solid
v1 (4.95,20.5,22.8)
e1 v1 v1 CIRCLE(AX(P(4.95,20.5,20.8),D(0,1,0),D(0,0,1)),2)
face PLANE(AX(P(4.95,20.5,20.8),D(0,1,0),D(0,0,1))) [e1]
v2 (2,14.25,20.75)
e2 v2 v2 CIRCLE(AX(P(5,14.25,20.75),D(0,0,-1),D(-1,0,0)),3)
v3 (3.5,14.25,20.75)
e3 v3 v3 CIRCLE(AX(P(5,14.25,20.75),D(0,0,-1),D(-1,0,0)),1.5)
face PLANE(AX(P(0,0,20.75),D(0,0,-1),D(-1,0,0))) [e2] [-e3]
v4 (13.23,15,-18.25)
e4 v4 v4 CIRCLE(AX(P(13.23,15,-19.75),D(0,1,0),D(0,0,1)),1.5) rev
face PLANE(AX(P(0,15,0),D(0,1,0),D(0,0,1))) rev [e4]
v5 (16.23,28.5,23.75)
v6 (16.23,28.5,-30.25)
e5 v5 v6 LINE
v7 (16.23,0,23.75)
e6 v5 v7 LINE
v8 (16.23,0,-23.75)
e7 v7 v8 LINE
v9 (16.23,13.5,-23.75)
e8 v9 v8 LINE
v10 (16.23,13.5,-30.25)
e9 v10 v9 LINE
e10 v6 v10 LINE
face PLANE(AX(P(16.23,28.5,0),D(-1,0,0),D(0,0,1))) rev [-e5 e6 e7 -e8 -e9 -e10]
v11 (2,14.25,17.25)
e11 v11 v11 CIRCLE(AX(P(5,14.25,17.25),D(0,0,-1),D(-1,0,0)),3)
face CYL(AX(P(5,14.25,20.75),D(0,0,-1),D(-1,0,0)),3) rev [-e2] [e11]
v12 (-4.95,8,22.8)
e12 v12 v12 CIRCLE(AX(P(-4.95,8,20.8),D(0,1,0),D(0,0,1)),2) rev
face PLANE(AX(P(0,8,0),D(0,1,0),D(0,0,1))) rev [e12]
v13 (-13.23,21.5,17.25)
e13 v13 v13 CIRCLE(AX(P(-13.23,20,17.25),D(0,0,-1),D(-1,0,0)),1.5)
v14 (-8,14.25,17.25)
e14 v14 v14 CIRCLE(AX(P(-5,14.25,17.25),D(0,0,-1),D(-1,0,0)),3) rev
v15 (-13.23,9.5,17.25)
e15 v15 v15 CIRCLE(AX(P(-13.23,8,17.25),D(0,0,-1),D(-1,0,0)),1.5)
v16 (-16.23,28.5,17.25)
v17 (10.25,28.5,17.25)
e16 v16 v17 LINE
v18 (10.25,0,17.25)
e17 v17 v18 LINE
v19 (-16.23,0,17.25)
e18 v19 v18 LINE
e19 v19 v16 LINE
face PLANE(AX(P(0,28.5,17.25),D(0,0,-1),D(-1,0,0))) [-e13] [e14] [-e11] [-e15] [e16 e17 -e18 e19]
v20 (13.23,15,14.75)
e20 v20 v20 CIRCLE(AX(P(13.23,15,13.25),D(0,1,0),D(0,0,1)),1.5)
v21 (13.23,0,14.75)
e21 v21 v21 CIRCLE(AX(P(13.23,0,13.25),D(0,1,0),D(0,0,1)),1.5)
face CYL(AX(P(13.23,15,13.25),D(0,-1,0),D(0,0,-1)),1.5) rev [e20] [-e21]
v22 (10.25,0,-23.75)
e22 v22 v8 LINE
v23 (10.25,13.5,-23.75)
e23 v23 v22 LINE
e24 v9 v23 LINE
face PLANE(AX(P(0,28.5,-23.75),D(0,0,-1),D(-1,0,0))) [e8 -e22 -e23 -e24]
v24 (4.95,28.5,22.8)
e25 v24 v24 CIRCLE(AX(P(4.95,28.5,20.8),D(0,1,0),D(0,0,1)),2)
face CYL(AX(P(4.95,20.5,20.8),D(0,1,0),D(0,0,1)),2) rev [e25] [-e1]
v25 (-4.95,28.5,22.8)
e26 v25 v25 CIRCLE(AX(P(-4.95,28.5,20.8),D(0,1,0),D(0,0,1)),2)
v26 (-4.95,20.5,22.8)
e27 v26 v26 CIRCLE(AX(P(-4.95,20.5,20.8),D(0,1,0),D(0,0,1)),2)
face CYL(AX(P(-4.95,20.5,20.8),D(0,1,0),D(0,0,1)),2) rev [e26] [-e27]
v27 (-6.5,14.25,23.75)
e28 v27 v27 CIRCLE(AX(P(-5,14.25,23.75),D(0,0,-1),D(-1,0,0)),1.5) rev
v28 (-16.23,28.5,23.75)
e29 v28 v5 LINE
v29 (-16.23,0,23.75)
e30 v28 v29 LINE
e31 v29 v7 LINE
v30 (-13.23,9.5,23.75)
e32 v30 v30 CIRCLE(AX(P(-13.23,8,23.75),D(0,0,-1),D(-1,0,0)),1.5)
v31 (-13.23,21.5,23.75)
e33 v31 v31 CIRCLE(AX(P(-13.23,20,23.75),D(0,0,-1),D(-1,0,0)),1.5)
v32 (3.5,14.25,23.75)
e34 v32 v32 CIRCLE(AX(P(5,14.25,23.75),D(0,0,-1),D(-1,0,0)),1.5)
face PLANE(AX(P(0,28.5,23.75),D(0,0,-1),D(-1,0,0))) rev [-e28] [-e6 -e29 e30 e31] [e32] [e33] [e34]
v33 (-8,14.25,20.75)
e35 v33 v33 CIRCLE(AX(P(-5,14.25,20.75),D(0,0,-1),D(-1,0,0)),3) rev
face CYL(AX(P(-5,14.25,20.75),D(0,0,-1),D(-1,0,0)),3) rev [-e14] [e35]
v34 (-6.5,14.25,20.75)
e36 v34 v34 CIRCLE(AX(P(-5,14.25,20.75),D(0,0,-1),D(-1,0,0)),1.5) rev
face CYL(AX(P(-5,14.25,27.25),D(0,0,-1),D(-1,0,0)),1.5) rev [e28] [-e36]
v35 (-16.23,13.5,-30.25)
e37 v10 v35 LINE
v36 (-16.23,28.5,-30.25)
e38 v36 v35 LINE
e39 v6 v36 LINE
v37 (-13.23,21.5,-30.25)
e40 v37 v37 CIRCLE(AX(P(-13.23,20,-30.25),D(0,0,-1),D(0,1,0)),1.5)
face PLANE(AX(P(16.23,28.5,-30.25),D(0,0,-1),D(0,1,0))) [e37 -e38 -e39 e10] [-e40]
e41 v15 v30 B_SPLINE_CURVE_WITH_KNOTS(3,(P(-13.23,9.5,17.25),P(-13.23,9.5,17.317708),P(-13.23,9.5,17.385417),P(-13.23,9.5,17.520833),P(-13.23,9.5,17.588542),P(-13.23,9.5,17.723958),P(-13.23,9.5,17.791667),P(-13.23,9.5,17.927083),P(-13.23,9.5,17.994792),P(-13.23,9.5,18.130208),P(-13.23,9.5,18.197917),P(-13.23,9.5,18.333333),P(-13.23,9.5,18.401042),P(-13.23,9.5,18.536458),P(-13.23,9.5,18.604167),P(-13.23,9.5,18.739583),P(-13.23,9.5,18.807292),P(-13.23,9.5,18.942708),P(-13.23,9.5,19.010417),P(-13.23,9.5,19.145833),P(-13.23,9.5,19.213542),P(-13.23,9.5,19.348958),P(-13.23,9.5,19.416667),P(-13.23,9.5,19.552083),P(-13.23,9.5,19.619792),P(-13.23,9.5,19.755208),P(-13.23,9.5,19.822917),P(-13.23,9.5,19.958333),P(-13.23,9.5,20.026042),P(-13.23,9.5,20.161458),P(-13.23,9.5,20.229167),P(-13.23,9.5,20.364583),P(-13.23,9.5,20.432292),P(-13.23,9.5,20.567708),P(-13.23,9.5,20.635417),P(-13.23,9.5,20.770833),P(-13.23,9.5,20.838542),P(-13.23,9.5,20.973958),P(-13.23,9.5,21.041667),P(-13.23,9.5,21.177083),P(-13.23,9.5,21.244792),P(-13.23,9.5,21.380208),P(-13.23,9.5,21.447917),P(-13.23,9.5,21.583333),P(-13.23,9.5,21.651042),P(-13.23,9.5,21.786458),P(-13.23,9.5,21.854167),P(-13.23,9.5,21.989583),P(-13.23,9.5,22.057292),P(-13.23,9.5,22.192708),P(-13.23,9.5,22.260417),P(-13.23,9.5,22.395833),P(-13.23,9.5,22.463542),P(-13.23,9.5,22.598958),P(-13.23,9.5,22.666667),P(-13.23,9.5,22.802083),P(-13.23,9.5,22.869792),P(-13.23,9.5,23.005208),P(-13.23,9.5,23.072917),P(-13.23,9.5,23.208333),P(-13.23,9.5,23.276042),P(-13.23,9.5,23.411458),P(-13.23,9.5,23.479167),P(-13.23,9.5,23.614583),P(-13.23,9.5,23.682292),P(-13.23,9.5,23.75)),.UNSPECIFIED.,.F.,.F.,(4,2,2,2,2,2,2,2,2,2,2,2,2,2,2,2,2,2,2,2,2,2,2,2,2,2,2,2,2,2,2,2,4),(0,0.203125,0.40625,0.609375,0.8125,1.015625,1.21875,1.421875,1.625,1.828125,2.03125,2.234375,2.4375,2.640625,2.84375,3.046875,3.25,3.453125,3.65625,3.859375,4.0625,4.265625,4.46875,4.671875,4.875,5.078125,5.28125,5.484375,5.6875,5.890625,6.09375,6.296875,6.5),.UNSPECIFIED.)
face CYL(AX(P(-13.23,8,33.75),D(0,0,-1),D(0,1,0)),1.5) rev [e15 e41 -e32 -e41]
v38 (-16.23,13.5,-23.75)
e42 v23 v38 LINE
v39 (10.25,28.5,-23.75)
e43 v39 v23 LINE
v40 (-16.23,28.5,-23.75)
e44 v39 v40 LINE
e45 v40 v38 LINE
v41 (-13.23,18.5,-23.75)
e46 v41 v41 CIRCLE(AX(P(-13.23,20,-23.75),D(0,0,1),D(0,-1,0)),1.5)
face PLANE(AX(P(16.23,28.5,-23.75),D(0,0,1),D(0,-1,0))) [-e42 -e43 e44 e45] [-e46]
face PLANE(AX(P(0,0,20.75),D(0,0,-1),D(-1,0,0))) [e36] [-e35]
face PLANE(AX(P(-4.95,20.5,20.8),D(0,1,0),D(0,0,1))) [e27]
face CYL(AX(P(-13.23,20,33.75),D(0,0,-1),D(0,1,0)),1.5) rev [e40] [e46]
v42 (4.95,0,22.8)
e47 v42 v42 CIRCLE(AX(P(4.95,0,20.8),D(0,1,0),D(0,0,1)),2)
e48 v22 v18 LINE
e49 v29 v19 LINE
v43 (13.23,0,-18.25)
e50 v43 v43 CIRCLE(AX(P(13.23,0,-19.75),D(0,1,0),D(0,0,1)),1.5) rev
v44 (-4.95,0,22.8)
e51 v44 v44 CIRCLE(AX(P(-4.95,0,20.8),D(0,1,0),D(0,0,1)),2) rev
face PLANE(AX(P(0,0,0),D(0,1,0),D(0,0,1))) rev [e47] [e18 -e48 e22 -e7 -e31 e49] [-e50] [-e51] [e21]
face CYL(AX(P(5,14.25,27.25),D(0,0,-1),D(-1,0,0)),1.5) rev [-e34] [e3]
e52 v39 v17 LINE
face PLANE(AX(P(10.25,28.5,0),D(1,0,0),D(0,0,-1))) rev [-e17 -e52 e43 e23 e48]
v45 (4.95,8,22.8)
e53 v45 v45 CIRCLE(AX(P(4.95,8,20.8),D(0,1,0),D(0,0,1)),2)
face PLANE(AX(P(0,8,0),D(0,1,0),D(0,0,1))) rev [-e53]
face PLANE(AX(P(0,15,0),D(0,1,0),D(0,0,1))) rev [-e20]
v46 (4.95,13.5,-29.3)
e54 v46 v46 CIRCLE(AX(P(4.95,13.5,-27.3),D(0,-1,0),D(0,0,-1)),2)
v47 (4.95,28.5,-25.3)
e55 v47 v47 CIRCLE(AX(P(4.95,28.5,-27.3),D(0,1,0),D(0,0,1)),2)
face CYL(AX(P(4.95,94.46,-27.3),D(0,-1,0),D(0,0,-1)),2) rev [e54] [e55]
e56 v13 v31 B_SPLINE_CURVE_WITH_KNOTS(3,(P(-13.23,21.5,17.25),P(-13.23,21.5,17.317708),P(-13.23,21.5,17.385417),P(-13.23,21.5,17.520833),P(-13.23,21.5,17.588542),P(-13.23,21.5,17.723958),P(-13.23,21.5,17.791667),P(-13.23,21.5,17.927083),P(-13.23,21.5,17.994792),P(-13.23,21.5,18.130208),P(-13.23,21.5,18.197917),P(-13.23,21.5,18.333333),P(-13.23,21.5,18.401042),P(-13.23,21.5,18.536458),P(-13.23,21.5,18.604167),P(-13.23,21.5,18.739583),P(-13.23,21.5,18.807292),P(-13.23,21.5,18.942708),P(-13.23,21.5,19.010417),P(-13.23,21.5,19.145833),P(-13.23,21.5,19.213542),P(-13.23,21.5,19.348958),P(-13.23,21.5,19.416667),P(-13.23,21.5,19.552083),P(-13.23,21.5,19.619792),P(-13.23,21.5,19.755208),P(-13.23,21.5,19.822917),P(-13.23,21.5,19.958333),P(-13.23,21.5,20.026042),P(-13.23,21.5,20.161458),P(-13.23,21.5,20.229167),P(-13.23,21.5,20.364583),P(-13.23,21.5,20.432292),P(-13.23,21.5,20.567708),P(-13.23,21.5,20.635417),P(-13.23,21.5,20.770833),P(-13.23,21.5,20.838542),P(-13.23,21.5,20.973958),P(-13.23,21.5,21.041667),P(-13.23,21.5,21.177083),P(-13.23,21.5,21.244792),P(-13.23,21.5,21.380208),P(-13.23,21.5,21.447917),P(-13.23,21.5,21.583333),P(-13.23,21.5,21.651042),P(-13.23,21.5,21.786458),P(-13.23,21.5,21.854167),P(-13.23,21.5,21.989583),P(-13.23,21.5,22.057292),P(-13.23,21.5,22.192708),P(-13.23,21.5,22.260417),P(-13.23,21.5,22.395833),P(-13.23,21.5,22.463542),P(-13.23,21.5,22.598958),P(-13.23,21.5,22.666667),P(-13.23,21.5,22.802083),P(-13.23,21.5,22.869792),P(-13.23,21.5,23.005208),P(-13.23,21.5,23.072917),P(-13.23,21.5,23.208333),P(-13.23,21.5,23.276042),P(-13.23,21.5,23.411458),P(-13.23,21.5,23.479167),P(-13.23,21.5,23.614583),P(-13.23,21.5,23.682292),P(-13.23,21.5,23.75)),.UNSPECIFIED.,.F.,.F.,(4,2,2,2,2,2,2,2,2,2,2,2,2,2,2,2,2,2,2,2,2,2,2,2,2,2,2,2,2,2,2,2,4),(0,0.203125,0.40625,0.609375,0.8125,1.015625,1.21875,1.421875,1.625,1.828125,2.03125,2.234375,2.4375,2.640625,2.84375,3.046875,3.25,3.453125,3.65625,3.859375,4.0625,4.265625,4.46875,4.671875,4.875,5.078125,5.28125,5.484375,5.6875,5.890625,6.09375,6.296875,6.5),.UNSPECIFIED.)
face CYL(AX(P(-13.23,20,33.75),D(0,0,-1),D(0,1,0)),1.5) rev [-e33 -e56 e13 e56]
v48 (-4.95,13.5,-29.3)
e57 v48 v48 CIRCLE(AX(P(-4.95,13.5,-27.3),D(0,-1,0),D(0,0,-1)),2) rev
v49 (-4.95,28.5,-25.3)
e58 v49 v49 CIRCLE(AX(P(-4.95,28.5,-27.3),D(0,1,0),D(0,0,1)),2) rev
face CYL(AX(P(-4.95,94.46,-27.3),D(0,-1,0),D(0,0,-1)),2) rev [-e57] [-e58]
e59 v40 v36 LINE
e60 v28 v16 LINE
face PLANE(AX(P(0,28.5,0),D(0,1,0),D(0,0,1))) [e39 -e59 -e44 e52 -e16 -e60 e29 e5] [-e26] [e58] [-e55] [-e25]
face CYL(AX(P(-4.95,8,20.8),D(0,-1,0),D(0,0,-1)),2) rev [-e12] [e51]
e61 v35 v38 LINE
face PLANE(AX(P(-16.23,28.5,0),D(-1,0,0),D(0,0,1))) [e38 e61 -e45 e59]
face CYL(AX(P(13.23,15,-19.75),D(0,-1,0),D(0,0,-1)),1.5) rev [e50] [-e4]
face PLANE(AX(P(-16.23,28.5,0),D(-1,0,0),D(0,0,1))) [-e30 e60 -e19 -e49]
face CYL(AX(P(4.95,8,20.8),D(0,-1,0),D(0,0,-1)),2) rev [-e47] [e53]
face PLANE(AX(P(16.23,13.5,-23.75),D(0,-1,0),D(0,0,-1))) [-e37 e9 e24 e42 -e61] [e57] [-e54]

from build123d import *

# Parameters (mm, degrees)
BOSS_EXTRUDE1_DEPTH = 28.5
SKETCH2_4_R         = 1.5
CUT_EXTRUDE1_DEPTH  = 15
SKETCH3_W           = 6.5
SKETCH3_H           = 15
BOSS_EXTRUDE2_DEPTH = 32.46
SKETCH2_5_R         = 2
CUT_EXTRUDE2_DEPTH  = 94.46
SKETCH2_6_R         = 2
CUT_EXTRUDE4_DEPTH  = 8
CUT_EXTRUDE5_START  = -8
SKETCH5_R           = 2
CUT_EXTRUDE5_DEPTH  = 8
SKETCH4_R           = 1.5
CUT_EXTRUDE3_DEPTH  = 10
SKETCH4_3_R         = 3
SKETCH4_3_R_2       = 1.5
CUT_EXTRUDE6_DEPTH  = 3.5
CUT_EXTRUDE7_REACH  = 54.735
SKETCH11_W          = 41
SKETCH11_H          = 28.5
SKETCH12_R          = 1.5
CUT_EXTRUDE8_DEPTH  = 64


with BuildPart() as part:
    # Sketch2 → Boss-Extrude1 (new body)
    with BuildSketch(Plane(origin=(0, 0, 0), x_dir=(1, 0, 0), z_dir=(0, 1, 0))):
        Polygon((-10.25, 23.75), (-16.23, 23.75), (-16.23, -23.75), (16.23, -23.75), (16.23, 23.75), (10.25, 23.75), (10.25, -17.25), (-10.25, -17.25), align=None)
    extrude(amount=BOSS_EXTRUDE1_DEPTH)

    # Sketch2<4> → Cut-Extrude1 (cut)
    with BuildSketch(Plane(origin=(0, 0, 0), x_dir=(1, 0, 0), z_dir=(0, 1, 0))):
        with Locations((-13.23, 19.75)):
            Circle(SKETCH2_4_R)
        with Locations((13.23, 19.75)):
            Circle(SKETCH2_4_R)
        with Locations((13.23, -13.25)):
            Circle(SKETCH2_4_R)
        with Locations((-13.23, -13.25)):
            Circle(SKETCH2_4_R)
    extrude(amount=CUT_EXTRUDE1_DEPTH, mode=Mode.SUBTRACT)

    # Sketch3 → Boss-Extrude2 (add)
    with BuildSketch(Plane.ZY.offset(16.23)):
        with Locations((-27, 21)):
            Rectangle(SKETCH3_W, SKETCH3_H)
    extrude(amount=-BOSS_EXTRUDE2_DEPTH)

    # Sketch2<5> → Cut-Extrude2 (cut)
    with BuildSketch(Plane(origin=(0, 0, 0), x_dir=(1, 0, 0), z_dir=(0, 1, 0))):
        with Locations((-4.95, 27.3)):
            Circle(SKETCH2_5_R)
        with Locations((4.95, 27.3)):
            Circle(SKETCH2_5_R)
    extrude(amount=CUT_EXTRUDE2_DEPTH, mode=Mode.SUBTRACT)

    # Sketch2<6> → Cut-Extrude4 (cut)
    with BuildSketch(Plane(origin=(0, 0, 0), x_dir=(1, 0, 0), z_dir=(0, 1, 0))):
        with Locations((4.95, -20.8)):
            Circle(SKETCH2_6_R)
        with Locations((-4.95, -20.8)):
            Circle(SKETCH2_6_R)
    extrude(amount=CUT_EXTRUDE4_DEPTH, mode=Mode.SUBTRACT)

    # Sketch5 → Cut-Extrude5 (cut)
    with BuildSketch(Plane(origin=(0, 28.5, 0), x_dir=(1, 0, 0), z_dir=(0, 1, 0)).offset(CUT_EXTRUDE5_START)):
        with Locations((-4.95, -20.8)):
            Circle(SKETCH5_R)
        with Locations((4.95, -20.8)):
            Circle(SKETCH5_R)
    extrude(amount=CUT_EXTRUDE5_DEPTH, mode=Mode.SUBTRACT)

    # Sketch4 → Cut-Extrude3 (cut)
    with BuildSketch(Plane(origin=(0, 0, 17.25), x_dir=(-1, 0, 0), z_dir=(0, 0, -1))):
        with Locations((-5, 14.25)):
            Circle(SKETCH4_R)
        with Locations((5, 14.25)):
            Circle(SKETCH4_R)
    extrude(amount=-CUT_EXTRUDE3_DEPTH, mode=Mode.SUBTRACT)

    # Sketch4<3> → Cut-Extrude6 (cut)
    # profile 1 of 2: a face of its own
    with BuildSketch(Plane(origin=(0, 0, 17.25), x_dir=(-1, 0, 0), z_dir=(0, 0, -1))):
        with Locations((-5, 14.25)):
            Circle(SKETCH4_3_R)
        with Locations((-5, 14.25)):
            Circle(SKETCH4_3_R_2, mode=Mode.SUBTRACT)
    # profile 2 of 2: a face of its own
    with BuildSketch(Plane(origin=(0, 0, 17.25), x_dir=(-1, 0, 0), z_dir=(0, 0, -1))):
        with Locations((5, 14.25)):
            Circle(SKETCH4_3_R)
        with Locations((5, 14.25)):
            Circle(SKETCH4_3_R_2, mode=Mode.SUBTRACT)
    extrude(amount=-CUT_EXTRUDE6_DEPTH, mode=Mode.SUBTRACT)

    # Sketch11 → Cut-Extrude7 (cut, up to next)
    with BuildSketch(Plane.ZY.offset(16.23), mode=Mode.PRIVATE) as cut_extrude7_sk1:
        with Locations((-3.25, 14.25)):
            Rectangle(SKETCH11_W, SKETCH11_H)
    cut_extrude7_tool1 = extrude(cut_extrude7_sk1.sketch, amount=-CUT_EXTRUDE7_REACH, mode=Mode.PRIVATE) & part.part
    add(cut_extrude7_tool1.solids().sort_by_distance((-16.23, 14.25, -3.25))[0], mode=Mode.SUBTRACT)

    # Sketch12 → Cut-Extrude8 (cut)
    with BuildSketch(Plane(origin=(0, 0, -30.25), x_dir=(-1, 0, 0), z_dir=(0, 0, -1))):
        with Locations((13.23, 20)):
            Circle(SKETCH12_R)
        with Locations((13.23, 8)):
            Circle(SKETCH12_R)
    extrude(amount=-CUT_EXTRUDE8_DEPTH, mode=Mode.SUBTRACT)


solid = part.part
